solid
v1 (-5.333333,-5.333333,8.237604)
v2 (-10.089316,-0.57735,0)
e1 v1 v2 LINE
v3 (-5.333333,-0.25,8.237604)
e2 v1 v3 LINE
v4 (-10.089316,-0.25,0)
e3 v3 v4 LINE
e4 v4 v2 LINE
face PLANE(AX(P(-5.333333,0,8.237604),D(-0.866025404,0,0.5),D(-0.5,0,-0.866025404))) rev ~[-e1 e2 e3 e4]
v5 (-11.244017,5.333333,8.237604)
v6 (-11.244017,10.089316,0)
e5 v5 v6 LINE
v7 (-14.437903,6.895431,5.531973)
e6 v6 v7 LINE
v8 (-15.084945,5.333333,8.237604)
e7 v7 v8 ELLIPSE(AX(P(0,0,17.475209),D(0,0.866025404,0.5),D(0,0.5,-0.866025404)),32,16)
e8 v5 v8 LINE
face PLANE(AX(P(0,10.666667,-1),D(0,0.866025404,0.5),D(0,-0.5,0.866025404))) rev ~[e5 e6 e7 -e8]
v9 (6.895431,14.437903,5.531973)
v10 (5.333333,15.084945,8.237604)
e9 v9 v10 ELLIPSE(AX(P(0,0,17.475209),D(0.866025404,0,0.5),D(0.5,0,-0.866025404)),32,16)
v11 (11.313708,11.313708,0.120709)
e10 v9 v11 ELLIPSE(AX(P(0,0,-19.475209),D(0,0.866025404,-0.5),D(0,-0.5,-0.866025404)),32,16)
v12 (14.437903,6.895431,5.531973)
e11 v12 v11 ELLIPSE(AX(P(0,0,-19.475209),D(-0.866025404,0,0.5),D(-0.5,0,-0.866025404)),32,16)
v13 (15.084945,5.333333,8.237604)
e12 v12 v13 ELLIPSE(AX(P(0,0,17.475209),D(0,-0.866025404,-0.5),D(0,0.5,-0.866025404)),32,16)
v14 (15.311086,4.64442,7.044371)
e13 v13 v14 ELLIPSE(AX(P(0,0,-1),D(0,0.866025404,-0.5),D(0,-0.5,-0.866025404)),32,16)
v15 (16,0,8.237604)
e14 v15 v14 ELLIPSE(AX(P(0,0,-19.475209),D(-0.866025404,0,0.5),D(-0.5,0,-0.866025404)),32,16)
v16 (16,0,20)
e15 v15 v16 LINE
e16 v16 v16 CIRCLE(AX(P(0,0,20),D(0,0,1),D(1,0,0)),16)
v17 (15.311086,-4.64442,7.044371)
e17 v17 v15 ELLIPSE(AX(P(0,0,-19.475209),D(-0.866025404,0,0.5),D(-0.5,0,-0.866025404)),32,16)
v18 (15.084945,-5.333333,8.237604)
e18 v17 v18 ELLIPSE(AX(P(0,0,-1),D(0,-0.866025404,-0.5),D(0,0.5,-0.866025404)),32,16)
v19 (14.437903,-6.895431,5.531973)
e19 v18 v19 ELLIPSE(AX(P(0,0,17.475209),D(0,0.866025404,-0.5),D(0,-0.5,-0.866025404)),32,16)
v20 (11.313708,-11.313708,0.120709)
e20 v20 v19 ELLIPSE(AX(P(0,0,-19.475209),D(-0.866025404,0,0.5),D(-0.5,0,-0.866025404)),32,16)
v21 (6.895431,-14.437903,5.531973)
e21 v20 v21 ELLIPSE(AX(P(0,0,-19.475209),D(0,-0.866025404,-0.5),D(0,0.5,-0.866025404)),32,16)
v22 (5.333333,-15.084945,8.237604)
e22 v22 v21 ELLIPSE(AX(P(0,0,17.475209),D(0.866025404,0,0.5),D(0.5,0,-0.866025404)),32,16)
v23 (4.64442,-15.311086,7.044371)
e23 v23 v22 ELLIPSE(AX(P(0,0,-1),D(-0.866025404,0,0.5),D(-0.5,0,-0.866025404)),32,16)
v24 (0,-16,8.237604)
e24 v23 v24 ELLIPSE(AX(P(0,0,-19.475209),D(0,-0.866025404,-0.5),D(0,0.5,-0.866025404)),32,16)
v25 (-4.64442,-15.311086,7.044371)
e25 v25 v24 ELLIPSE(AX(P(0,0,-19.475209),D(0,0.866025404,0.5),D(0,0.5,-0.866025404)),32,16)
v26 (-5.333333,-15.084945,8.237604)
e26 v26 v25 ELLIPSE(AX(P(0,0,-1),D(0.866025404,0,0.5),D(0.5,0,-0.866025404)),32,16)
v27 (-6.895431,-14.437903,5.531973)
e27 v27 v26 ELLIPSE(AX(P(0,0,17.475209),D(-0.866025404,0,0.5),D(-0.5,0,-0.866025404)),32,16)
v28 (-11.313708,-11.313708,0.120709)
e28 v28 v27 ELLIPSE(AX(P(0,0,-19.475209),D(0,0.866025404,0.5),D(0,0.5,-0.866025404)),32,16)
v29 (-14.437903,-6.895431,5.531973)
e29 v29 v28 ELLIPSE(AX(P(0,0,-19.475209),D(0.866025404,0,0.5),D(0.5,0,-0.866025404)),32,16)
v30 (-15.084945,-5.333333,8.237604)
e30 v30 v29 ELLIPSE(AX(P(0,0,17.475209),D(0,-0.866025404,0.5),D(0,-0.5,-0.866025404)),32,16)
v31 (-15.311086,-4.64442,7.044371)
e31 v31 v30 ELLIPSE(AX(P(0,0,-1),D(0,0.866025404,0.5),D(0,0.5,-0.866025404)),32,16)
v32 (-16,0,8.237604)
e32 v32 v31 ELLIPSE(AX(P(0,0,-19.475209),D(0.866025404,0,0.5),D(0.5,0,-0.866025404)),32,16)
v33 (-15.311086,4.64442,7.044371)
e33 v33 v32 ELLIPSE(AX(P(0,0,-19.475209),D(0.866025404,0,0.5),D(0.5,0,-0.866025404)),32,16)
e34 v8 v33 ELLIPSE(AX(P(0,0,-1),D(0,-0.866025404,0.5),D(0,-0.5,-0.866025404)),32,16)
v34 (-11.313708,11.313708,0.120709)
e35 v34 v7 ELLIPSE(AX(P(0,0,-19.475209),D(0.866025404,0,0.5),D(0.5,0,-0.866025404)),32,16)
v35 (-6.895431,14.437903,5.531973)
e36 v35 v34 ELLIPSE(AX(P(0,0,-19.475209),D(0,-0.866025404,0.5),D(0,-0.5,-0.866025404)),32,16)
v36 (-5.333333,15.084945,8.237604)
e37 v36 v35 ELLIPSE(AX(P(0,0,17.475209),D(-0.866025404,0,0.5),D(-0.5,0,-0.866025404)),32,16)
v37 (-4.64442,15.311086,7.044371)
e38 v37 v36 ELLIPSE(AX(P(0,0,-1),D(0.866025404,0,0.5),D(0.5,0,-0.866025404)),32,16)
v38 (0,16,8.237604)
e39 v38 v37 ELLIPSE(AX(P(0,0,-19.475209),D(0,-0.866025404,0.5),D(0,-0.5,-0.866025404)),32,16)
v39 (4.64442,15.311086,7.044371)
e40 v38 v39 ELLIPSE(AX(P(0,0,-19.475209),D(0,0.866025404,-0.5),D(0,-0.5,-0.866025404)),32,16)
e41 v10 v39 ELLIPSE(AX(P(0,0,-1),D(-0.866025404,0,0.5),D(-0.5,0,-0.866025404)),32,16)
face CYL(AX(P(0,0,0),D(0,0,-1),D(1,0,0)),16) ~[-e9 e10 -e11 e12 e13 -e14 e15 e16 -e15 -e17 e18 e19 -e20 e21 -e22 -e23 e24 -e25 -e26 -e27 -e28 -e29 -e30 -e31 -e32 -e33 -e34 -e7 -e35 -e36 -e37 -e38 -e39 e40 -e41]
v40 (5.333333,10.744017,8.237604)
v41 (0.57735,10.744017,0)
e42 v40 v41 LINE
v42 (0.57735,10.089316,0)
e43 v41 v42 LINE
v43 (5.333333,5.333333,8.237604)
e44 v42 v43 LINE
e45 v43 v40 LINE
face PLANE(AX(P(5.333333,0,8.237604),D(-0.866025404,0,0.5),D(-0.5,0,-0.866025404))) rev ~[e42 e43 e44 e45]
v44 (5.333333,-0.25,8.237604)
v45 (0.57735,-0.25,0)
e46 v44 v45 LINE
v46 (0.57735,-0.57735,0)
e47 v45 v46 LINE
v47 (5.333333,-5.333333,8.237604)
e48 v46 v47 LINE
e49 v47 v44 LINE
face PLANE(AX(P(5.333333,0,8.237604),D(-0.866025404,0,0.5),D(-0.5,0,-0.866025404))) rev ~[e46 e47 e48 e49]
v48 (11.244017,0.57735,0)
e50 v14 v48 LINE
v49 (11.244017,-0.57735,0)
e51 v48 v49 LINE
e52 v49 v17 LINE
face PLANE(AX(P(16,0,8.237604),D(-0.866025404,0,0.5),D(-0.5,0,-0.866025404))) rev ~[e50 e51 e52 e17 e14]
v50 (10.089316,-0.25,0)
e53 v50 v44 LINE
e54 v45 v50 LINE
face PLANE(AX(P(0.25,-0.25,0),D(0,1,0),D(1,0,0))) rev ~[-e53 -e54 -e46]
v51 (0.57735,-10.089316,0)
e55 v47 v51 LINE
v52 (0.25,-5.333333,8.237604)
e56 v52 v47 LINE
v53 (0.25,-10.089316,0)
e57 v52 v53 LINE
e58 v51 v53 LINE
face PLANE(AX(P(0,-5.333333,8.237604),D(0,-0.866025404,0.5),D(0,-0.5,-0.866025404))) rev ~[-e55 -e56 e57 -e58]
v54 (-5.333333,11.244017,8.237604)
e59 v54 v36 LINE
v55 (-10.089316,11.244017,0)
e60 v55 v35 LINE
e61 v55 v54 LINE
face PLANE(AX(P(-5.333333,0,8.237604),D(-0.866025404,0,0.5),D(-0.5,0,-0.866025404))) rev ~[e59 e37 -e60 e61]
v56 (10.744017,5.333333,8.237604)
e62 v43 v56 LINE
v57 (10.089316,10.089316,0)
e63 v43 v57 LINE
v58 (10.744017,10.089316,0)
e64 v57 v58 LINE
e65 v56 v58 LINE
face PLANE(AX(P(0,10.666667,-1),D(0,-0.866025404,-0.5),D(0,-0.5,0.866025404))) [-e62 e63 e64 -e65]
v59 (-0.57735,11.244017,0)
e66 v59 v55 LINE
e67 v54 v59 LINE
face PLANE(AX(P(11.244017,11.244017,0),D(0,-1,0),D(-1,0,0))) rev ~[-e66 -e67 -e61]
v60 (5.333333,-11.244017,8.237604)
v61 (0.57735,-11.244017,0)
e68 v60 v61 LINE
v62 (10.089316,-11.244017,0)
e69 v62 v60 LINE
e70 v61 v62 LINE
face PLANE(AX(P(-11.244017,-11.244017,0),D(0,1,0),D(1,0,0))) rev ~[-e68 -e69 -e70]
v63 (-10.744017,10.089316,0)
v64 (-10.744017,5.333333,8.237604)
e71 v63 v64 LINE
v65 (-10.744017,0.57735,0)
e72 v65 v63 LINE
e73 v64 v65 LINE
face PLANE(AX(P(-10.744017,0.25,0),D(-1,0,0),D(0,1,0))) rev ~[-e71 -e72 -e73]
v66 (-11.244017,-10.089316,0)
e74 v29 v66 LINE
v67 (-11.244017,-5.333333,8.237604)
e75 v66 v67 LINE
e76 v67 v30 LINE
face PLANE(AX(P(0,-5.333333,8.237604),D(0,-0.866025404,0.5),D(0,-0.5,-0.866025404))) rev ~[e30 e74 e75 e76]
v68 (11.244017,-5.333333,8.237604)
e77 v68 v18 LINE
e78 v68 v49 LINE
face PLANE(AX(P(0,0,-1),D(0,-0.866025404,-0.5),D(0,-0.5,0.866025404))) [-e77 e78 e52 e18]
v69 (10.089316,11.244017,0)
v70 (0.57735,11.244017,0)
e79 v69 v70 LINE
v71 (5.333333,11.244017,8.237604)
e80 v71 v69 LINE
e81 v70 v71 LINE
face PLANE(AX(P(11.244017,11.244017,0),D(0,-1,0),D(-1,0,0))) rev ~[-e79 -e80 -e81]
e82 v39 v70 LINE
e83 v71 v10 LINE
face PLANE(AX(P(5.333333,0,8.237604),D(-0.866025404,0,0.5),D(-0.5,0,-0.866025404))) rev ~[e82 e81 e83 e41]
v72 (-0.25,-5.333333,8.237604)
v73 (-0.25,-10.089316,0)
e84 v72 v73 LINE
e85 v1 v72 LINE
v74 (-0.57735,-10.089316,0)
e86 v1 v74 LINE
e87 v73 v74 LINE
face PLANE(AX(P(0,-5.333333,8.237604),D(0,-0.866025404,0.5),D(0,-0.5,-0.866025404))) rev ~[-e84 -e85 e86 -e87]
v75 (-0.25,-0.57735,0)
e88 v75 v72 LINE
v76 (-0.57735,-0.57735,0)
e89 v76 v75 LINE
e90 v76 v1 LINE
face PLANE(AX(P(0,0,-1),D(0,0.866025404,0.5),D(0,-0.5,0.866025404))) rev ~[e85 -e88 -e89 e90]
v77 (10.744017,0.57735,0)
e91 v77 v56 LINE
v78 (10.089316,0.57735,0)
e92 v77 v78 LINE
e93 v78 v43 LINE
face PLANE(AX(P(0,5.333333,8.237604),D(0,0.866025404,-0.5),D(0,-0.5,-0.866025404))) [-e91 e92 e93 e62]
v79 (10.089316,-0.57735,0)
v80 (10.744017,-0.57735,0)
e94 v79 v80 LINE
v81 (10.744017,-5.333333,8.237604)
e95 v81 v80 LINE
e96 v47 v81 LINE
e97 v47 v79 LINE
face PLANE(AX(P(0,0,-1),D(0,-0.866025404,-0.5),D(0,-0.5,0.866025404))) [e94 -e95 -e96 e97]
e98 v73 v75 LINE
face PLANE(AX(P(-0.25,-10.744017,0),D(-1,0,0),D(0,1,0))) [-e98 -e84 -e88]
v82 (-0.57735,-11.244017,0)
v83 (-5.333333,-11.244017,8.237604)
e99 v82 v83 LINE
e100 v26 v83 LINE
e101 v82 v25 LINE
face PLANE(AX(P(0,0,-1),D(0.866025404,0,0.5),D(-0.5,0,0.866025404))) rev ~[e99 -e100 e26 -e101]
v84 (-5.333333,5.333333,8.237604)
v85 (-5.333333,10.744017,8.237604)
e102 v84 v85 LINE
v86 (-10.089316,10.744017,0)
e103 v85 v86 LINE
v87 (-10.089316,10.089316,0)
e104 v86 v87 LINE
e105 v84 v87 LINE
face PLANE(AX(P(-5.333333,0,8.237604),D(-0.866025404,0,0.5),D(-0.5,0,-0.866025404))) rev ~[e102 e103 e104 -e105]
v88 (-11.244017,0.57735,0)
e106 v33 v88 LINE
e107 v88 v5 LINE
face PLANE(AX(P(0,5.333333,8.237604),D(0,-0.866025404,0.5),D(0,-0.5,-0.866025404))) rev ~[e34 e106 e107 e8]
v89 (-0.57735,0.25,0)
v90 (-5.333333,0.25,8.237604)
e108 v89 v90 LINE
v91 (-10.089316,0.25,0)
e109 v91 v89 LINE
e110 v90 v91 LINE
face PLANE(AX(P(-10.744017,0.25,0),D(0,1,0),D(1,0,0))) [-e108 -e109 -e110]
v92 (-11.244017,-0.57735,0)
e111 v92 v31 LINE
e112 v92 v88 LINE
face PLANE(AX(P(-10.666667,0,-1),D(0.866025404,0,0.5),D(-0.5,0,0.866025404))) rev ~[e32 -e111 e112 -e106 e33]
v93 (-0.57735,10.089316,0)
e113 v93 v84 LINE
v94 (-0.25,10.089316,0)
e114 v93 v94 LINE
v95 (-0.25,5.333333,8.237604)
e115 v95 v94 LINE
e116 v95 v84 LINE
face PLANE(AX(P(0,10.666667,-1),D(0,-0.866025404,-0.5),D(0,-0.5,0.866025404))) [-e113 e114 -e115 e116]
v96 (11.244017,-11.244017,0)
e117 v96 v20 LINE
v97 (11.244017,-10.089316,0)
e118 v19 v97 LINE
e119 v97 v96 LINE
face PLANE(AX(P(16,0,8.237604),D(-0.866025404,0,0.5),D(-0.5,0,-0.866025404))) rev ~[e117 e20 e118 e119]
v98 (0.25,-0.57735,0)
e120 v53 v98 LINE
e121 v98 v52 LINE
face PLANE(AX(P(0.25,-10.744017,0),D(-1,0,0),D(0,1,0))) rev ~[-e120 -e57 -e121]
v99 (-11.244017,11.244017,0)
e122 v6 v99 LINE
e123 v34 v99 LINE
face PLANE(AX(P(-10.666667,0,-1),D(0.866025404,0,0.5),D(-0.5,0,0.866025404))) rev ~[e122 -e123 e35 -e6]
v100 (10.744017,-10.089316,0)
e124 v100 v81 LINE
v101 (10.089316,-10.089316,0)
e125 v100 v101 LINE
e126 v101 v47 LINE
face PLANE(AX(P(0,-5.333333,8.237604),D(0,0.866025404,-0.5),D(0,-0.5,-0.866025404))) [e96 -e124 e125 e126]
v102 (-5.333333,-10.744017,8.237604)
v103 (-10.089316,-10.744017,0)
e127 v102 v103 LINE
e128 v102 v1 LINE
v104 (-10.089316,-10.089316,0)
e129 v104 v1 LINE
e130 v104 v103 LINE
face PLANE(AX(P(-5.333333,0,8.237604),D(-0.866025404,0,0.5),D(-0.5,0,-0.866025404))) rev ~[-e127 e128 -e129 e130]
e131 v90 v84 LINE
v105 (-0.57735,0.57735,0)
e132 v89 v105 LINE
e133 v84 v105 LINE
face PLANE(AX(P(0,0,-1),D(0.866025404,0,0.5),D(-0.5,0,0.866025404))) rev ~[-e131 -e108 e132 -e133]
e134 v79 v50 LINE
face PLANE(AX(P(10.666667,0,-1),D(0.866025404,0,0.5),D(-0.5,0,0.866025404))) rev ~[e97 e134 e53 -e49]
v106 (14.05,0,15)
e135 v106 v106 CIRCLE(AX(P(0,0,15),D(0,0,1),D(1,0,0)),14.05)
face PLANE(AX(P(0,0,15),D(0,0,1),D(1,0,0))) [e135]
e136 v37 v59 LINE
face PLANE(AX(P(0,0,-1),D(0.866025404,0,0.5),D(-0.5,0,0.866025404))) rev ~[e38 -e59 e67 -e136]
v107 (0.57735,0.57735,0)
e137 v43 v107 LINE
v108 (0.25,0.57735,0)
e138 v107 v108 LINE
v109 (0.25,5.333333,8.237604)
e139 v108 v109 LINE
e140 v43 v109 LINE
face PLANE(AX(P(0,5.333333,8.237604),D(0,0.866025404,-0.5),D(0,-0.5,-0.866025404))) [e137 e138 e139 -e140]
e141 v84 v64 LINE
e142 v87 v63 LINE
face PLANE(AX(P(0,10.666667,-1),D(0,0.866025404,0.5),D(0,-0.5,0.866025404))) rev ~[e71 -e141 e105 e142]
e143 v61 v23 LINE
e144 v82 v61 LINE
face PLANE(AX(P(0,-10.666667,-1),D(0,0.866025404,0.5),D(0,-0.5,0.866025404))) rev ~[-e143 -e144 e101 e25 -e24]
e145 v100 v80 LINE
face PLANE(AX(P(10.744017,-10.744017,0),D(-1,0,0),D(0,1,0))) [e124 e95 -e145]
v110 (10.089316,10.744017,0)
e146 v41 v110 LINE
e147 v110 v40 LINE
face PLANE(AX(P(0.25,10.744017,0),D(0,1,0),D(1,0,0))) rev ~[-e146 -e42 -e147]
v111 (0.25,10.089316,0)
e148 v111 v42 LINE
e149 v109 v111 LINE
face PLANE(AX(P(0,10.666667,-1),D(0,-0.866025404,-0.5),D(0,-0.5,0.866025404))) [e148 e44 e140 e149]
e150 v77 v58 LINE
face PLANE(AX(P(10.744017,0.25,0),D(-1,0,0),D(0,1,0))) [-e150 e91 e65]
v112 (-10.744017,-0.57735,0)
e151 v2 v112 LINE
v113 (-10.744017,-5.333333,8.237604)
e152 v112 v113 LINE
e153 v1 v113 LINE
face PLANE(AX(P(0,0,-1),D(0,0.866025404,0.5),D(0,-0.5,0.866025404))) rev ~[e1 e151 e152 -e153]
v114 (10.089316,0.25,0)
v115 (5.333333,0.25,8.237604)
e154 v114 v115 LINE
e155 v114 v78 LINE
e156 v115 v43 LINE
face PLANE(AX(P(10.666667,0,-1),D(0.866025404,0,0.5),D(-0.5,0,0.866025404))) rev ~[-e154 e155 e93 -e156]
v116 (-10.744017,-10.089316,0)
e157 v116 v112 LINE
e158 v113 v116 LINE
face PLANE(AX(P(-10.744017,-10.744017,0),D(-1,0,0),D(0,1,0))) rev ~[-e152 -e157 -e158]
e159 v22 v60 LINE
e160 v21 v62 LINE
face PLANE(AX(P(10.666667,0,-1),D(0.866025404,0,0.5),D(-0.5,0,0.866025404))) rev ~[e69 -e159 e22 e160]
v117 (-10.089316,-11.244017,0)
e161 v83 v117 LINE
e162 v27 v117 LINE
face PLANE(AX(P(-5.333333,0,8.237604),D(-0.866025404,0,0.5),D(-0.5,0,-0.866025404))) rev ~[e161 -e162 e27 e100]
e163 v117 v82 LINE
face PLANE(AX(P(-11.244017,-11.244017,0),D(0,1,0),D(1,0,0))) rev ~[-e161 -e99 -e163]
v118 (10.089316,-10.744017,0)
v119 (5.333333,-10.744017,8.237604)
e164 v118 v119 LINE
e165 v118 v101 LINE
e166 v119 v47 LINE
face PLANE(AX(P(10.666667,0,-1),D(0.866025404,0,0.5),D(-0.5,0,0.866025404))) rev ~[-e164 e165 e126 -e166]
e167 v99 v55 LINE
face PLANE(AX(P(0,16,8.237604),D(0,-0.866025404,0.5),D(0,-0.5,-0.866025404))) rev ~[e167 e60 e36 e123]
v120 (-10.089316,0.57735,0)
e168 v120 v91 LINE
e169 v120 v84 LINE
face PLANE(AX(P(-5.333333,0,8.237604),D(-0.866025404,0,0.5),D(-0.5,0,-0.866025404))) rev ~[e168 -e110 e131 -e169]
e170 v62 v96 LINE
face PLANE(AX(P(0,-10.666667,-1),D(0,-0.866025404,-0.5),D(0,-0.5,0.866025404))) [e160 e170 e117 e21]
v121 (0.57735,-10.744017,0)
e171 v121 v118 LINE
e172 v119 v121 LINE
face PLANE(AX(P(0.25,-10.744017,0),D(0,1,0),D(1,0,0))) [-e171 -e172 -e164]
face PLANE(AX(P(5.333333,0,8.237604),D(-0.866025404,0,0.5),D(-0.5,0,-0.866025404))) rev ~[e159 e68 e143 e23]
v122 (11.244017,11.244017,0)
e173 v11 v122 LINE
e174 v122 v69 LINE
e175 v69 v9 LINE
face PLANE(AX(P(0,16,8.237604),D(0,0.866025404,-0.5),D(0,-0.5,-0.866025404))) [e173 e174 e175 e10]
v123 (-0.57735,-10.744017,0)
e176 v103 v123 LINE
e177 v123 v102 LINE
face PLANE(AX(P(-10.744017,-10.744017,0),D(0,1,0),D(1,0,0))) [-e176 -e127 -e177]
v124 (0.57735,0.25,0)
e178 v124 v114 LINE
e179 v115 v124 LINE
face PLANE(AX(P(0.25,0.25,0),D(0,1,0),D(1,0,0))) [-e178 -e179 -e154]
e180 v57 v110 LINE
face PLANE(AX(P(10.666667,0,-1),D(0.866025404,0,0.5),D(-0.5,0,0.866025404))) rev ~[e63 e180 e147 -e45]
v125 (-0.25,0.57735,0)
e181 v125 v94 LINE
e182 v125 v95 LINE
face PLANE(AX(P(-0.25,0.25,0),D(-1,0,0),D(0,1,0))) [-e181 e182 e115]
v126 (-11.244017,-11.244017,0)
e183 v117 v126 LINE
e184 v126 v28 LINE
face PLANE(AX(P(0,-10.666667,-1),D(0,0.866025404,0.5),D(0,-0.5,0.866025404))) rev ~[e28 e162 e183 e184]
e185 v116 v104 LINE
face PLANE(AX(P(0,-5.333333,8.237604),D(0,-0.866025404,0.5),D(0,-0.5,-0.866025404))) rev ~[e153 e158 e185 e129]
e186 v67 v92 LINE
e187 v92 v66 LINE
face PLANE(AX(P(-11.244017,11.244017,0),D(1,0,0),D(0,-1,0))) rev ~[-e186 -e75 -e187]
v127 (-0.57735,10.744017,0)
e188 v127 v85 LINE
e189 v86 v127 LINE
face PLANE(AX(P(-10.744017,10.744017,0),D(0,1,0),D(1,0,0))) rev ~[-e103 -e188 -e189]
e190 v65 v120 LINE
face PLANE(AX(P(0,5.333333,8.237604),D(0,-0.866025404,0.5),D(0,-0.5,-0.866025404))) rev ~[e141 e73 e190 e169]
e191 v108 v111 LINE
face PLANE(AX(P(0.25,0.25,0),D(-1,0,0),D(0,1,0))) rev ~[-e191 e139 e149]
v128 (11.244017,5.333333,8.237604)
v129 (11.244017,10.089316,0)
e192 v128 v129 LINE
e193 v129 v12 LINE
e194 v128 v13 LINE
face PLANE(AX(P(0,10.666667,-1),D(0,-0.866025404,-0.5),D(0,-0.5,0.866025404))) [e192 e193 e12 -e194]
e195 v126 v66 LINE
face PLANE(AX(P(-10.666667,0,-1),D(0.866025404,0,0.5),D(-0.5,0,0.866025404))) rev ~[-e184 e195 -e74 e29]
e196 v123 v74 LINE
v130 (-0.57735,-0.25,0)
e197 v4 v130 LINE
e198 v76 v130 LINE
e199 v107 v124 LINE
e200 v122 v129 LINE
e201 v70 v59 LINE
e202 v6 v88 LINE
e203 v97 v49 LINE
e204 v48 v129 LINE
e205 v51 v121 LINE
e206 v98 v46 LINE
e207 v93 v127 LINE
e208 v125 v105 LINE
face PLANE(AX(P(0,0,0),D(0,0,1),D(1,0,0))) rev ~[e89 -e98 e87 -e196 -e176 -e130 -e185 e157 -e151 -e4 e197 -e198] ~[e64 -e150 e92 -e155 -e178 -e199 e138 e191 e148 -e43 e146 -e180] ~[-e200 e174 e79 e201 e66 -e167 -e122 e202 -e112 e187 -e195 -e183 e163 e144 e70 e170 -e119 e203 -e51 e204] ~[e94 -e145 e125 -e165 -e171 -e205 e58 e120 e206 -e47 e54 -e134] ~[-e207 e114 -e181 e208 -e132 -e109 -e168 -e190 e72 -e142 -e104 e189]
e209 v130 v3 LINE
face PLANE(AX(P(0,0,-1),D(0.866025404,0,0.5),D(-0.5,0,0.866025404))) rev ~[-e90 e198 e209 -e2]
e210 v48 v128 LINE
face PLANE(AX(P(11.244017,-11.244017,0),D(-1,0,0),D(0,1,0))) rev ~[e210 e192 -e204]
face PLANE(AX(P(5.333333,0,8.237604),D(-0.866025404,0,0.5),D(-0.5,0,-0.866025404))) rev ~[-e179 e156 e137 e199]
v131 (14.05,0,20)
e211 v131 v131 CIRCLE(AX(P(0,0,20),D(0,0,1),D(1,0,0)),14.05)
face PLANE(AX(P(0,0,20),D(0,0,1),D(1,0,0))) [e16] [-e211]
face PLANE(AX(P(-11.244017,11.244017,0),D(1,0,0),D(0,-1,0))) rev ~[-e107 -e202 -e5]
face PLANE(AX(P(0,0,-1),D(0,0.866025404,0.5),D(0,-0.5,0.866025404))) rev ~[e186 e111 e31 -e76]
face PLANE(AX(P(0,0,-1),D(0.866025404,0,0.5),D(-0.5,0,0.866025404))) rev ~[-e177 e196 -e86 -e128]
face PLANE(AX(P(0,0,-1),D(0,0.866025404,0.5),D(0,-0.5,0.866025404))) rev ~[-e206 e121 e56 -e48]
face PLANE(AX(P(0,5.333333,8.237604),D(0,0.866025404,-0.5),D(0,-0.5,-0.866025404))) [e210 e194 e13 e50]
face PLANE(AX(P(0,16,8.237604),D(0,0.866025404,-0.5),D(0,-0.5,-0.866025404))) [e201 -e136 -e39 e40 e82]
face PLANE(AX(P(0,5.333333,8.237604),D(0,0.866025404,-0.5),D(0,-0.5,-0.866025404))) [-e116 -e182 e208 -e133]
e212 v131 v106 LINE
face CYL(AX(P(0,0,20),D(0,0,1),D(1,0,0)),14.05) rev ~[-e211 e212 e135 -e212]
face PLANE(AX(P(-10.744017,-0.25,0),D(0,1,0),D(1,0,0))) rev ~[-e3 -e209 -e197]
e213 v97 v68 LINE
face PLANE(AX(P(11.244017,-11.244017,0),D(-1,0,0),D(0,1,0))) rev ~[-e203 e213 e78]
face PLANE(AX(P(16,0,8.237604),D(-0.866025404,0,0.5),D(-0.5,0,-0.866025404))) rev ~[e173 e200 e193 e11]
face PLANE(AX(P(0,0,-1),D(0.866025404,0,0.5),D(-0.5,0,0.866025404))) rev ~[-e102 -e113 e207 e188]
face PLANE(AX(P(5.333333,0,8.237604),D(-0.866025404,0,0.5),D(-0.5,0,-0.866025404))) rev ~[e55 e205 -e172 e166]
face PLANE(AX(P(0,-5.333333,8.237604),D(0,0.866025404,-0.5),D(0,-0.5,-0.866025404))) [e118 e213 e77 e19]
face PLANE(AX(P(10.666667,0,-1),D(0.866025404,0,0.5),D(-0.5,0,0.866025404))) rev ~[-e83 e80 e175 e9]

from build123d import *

# Parameters (mm, degrees)
F0_R          = 16
F1_DEPTH      = 20
F3_DEPTH      = 25
F5_DEPTH      = 16.001
F5_DEPTH_BACK = 16.001
F6_R          = 14.05
F7_DEPTH      = 5
F8_W          = 10.4940169359
F8_H          = 10.4940169359
F9_DEPTH      = 10.92124


with BuildPart() as f1:
    # F0 (on Top) → F1 (new body)
    with BuildSketch(Plane.XY):
        Circle(F0_R)
    extrude(amount=F1_DEPTH)

    # F2 (on Front) → F3 (cut, symmetric)
    with BuildSketch(Plane.XZ):
        Polygon((16, 8.237604307), (10.6666666667, -1), (21.3333333333, -1), align=None)
        Polygon((5.3333333333, 8.237604307), (0, -1), (10.6666666667, -1), align=None)
        Polygon((-5.3333333333, 8.237604307), (-10.6666666667, -1), (0, -1), align=None)
        Polygon((-16, 8.237604307), (-21.3333333333, -1), (-10.6666666667, -1), align=None)
    extrude(amount=F3_DEPTH, both=True, mode=Mode.SUBTRACT)

    # F4 (on Right) → F5 (cut, two sides)
    with BuildSketch(Plane.YZ) as f5_sk:
        Polygon((16, 8.237604307), (10.6666666667, -1), (21.3333333333, -1), align=None)
        Polygon((5.3333333333, 8.237604307), (0, -1), (10.6666666667, -1), align=None)
        Polygon((-5.3333333333, 8.237604307), (-10.6666666667, -1), (0, -1), align=None)
        Polygon((-16, 8.237604307), (-21.3333333333, -1), (-10.6666666667, -1), align=None)
    extrude(amount=-F5_DEPTH, mode=Mode.SUBTRACT)
    extrude(f5_sk.sketch, amount=F5_DEPTH_BACK, mode=Mode.SUBTRACT)

    # F6 (on face) → F7 (cut)
    with BuildSketch(Plane.XY.offset(20)):
        Circle(F6_R)
    extrude(amount=-F7_DEPTH, mode=Mode.SUBTRACT)

    # F8 (on Top) → F9 (join)
    with BuildSketch(Plane.XY):
        Polygon((-11.2440169359, -11.2440169359), (11.2440169359, -11.2440169359), (11.2440169359, -10.7440169359), (11.2440169359, -0.25), (11.2440169359, 0.25), (11.2440169359, 10.7440169359), (11.2440169359, 11.2440169359), (-11.2440169359, 11.2440169359), (-11.2440169359, 10.7440169359), (-11.2440169359, 0.25), (-11.2440169359, -0.25), (-11.2440169359, -10.7440169359), align=None)
        with Locations((-5.4970084679, -5.4970084679)):
            Rectangle(F8_W, F8_H, mode=Mode.SUBTRACT)
        with Locations((5.4970084679, -5.4970084679)):
            Rectangle(F8_W, F8_H, mode=Mode.SUBTRACT)
        with Locations((-5.4970084679, 5.4970084679)):
            Rectangle(F8_W, F8_H, mode=Mode.SUBTRACT)
        with Locations((5.4970084679, 5.4970084679)):
            Rectangle(F8_W, F8_H, mode=Mode.SUBTRACT)
    extrude(amount=F9_DEPTH)


solid = f1.part
